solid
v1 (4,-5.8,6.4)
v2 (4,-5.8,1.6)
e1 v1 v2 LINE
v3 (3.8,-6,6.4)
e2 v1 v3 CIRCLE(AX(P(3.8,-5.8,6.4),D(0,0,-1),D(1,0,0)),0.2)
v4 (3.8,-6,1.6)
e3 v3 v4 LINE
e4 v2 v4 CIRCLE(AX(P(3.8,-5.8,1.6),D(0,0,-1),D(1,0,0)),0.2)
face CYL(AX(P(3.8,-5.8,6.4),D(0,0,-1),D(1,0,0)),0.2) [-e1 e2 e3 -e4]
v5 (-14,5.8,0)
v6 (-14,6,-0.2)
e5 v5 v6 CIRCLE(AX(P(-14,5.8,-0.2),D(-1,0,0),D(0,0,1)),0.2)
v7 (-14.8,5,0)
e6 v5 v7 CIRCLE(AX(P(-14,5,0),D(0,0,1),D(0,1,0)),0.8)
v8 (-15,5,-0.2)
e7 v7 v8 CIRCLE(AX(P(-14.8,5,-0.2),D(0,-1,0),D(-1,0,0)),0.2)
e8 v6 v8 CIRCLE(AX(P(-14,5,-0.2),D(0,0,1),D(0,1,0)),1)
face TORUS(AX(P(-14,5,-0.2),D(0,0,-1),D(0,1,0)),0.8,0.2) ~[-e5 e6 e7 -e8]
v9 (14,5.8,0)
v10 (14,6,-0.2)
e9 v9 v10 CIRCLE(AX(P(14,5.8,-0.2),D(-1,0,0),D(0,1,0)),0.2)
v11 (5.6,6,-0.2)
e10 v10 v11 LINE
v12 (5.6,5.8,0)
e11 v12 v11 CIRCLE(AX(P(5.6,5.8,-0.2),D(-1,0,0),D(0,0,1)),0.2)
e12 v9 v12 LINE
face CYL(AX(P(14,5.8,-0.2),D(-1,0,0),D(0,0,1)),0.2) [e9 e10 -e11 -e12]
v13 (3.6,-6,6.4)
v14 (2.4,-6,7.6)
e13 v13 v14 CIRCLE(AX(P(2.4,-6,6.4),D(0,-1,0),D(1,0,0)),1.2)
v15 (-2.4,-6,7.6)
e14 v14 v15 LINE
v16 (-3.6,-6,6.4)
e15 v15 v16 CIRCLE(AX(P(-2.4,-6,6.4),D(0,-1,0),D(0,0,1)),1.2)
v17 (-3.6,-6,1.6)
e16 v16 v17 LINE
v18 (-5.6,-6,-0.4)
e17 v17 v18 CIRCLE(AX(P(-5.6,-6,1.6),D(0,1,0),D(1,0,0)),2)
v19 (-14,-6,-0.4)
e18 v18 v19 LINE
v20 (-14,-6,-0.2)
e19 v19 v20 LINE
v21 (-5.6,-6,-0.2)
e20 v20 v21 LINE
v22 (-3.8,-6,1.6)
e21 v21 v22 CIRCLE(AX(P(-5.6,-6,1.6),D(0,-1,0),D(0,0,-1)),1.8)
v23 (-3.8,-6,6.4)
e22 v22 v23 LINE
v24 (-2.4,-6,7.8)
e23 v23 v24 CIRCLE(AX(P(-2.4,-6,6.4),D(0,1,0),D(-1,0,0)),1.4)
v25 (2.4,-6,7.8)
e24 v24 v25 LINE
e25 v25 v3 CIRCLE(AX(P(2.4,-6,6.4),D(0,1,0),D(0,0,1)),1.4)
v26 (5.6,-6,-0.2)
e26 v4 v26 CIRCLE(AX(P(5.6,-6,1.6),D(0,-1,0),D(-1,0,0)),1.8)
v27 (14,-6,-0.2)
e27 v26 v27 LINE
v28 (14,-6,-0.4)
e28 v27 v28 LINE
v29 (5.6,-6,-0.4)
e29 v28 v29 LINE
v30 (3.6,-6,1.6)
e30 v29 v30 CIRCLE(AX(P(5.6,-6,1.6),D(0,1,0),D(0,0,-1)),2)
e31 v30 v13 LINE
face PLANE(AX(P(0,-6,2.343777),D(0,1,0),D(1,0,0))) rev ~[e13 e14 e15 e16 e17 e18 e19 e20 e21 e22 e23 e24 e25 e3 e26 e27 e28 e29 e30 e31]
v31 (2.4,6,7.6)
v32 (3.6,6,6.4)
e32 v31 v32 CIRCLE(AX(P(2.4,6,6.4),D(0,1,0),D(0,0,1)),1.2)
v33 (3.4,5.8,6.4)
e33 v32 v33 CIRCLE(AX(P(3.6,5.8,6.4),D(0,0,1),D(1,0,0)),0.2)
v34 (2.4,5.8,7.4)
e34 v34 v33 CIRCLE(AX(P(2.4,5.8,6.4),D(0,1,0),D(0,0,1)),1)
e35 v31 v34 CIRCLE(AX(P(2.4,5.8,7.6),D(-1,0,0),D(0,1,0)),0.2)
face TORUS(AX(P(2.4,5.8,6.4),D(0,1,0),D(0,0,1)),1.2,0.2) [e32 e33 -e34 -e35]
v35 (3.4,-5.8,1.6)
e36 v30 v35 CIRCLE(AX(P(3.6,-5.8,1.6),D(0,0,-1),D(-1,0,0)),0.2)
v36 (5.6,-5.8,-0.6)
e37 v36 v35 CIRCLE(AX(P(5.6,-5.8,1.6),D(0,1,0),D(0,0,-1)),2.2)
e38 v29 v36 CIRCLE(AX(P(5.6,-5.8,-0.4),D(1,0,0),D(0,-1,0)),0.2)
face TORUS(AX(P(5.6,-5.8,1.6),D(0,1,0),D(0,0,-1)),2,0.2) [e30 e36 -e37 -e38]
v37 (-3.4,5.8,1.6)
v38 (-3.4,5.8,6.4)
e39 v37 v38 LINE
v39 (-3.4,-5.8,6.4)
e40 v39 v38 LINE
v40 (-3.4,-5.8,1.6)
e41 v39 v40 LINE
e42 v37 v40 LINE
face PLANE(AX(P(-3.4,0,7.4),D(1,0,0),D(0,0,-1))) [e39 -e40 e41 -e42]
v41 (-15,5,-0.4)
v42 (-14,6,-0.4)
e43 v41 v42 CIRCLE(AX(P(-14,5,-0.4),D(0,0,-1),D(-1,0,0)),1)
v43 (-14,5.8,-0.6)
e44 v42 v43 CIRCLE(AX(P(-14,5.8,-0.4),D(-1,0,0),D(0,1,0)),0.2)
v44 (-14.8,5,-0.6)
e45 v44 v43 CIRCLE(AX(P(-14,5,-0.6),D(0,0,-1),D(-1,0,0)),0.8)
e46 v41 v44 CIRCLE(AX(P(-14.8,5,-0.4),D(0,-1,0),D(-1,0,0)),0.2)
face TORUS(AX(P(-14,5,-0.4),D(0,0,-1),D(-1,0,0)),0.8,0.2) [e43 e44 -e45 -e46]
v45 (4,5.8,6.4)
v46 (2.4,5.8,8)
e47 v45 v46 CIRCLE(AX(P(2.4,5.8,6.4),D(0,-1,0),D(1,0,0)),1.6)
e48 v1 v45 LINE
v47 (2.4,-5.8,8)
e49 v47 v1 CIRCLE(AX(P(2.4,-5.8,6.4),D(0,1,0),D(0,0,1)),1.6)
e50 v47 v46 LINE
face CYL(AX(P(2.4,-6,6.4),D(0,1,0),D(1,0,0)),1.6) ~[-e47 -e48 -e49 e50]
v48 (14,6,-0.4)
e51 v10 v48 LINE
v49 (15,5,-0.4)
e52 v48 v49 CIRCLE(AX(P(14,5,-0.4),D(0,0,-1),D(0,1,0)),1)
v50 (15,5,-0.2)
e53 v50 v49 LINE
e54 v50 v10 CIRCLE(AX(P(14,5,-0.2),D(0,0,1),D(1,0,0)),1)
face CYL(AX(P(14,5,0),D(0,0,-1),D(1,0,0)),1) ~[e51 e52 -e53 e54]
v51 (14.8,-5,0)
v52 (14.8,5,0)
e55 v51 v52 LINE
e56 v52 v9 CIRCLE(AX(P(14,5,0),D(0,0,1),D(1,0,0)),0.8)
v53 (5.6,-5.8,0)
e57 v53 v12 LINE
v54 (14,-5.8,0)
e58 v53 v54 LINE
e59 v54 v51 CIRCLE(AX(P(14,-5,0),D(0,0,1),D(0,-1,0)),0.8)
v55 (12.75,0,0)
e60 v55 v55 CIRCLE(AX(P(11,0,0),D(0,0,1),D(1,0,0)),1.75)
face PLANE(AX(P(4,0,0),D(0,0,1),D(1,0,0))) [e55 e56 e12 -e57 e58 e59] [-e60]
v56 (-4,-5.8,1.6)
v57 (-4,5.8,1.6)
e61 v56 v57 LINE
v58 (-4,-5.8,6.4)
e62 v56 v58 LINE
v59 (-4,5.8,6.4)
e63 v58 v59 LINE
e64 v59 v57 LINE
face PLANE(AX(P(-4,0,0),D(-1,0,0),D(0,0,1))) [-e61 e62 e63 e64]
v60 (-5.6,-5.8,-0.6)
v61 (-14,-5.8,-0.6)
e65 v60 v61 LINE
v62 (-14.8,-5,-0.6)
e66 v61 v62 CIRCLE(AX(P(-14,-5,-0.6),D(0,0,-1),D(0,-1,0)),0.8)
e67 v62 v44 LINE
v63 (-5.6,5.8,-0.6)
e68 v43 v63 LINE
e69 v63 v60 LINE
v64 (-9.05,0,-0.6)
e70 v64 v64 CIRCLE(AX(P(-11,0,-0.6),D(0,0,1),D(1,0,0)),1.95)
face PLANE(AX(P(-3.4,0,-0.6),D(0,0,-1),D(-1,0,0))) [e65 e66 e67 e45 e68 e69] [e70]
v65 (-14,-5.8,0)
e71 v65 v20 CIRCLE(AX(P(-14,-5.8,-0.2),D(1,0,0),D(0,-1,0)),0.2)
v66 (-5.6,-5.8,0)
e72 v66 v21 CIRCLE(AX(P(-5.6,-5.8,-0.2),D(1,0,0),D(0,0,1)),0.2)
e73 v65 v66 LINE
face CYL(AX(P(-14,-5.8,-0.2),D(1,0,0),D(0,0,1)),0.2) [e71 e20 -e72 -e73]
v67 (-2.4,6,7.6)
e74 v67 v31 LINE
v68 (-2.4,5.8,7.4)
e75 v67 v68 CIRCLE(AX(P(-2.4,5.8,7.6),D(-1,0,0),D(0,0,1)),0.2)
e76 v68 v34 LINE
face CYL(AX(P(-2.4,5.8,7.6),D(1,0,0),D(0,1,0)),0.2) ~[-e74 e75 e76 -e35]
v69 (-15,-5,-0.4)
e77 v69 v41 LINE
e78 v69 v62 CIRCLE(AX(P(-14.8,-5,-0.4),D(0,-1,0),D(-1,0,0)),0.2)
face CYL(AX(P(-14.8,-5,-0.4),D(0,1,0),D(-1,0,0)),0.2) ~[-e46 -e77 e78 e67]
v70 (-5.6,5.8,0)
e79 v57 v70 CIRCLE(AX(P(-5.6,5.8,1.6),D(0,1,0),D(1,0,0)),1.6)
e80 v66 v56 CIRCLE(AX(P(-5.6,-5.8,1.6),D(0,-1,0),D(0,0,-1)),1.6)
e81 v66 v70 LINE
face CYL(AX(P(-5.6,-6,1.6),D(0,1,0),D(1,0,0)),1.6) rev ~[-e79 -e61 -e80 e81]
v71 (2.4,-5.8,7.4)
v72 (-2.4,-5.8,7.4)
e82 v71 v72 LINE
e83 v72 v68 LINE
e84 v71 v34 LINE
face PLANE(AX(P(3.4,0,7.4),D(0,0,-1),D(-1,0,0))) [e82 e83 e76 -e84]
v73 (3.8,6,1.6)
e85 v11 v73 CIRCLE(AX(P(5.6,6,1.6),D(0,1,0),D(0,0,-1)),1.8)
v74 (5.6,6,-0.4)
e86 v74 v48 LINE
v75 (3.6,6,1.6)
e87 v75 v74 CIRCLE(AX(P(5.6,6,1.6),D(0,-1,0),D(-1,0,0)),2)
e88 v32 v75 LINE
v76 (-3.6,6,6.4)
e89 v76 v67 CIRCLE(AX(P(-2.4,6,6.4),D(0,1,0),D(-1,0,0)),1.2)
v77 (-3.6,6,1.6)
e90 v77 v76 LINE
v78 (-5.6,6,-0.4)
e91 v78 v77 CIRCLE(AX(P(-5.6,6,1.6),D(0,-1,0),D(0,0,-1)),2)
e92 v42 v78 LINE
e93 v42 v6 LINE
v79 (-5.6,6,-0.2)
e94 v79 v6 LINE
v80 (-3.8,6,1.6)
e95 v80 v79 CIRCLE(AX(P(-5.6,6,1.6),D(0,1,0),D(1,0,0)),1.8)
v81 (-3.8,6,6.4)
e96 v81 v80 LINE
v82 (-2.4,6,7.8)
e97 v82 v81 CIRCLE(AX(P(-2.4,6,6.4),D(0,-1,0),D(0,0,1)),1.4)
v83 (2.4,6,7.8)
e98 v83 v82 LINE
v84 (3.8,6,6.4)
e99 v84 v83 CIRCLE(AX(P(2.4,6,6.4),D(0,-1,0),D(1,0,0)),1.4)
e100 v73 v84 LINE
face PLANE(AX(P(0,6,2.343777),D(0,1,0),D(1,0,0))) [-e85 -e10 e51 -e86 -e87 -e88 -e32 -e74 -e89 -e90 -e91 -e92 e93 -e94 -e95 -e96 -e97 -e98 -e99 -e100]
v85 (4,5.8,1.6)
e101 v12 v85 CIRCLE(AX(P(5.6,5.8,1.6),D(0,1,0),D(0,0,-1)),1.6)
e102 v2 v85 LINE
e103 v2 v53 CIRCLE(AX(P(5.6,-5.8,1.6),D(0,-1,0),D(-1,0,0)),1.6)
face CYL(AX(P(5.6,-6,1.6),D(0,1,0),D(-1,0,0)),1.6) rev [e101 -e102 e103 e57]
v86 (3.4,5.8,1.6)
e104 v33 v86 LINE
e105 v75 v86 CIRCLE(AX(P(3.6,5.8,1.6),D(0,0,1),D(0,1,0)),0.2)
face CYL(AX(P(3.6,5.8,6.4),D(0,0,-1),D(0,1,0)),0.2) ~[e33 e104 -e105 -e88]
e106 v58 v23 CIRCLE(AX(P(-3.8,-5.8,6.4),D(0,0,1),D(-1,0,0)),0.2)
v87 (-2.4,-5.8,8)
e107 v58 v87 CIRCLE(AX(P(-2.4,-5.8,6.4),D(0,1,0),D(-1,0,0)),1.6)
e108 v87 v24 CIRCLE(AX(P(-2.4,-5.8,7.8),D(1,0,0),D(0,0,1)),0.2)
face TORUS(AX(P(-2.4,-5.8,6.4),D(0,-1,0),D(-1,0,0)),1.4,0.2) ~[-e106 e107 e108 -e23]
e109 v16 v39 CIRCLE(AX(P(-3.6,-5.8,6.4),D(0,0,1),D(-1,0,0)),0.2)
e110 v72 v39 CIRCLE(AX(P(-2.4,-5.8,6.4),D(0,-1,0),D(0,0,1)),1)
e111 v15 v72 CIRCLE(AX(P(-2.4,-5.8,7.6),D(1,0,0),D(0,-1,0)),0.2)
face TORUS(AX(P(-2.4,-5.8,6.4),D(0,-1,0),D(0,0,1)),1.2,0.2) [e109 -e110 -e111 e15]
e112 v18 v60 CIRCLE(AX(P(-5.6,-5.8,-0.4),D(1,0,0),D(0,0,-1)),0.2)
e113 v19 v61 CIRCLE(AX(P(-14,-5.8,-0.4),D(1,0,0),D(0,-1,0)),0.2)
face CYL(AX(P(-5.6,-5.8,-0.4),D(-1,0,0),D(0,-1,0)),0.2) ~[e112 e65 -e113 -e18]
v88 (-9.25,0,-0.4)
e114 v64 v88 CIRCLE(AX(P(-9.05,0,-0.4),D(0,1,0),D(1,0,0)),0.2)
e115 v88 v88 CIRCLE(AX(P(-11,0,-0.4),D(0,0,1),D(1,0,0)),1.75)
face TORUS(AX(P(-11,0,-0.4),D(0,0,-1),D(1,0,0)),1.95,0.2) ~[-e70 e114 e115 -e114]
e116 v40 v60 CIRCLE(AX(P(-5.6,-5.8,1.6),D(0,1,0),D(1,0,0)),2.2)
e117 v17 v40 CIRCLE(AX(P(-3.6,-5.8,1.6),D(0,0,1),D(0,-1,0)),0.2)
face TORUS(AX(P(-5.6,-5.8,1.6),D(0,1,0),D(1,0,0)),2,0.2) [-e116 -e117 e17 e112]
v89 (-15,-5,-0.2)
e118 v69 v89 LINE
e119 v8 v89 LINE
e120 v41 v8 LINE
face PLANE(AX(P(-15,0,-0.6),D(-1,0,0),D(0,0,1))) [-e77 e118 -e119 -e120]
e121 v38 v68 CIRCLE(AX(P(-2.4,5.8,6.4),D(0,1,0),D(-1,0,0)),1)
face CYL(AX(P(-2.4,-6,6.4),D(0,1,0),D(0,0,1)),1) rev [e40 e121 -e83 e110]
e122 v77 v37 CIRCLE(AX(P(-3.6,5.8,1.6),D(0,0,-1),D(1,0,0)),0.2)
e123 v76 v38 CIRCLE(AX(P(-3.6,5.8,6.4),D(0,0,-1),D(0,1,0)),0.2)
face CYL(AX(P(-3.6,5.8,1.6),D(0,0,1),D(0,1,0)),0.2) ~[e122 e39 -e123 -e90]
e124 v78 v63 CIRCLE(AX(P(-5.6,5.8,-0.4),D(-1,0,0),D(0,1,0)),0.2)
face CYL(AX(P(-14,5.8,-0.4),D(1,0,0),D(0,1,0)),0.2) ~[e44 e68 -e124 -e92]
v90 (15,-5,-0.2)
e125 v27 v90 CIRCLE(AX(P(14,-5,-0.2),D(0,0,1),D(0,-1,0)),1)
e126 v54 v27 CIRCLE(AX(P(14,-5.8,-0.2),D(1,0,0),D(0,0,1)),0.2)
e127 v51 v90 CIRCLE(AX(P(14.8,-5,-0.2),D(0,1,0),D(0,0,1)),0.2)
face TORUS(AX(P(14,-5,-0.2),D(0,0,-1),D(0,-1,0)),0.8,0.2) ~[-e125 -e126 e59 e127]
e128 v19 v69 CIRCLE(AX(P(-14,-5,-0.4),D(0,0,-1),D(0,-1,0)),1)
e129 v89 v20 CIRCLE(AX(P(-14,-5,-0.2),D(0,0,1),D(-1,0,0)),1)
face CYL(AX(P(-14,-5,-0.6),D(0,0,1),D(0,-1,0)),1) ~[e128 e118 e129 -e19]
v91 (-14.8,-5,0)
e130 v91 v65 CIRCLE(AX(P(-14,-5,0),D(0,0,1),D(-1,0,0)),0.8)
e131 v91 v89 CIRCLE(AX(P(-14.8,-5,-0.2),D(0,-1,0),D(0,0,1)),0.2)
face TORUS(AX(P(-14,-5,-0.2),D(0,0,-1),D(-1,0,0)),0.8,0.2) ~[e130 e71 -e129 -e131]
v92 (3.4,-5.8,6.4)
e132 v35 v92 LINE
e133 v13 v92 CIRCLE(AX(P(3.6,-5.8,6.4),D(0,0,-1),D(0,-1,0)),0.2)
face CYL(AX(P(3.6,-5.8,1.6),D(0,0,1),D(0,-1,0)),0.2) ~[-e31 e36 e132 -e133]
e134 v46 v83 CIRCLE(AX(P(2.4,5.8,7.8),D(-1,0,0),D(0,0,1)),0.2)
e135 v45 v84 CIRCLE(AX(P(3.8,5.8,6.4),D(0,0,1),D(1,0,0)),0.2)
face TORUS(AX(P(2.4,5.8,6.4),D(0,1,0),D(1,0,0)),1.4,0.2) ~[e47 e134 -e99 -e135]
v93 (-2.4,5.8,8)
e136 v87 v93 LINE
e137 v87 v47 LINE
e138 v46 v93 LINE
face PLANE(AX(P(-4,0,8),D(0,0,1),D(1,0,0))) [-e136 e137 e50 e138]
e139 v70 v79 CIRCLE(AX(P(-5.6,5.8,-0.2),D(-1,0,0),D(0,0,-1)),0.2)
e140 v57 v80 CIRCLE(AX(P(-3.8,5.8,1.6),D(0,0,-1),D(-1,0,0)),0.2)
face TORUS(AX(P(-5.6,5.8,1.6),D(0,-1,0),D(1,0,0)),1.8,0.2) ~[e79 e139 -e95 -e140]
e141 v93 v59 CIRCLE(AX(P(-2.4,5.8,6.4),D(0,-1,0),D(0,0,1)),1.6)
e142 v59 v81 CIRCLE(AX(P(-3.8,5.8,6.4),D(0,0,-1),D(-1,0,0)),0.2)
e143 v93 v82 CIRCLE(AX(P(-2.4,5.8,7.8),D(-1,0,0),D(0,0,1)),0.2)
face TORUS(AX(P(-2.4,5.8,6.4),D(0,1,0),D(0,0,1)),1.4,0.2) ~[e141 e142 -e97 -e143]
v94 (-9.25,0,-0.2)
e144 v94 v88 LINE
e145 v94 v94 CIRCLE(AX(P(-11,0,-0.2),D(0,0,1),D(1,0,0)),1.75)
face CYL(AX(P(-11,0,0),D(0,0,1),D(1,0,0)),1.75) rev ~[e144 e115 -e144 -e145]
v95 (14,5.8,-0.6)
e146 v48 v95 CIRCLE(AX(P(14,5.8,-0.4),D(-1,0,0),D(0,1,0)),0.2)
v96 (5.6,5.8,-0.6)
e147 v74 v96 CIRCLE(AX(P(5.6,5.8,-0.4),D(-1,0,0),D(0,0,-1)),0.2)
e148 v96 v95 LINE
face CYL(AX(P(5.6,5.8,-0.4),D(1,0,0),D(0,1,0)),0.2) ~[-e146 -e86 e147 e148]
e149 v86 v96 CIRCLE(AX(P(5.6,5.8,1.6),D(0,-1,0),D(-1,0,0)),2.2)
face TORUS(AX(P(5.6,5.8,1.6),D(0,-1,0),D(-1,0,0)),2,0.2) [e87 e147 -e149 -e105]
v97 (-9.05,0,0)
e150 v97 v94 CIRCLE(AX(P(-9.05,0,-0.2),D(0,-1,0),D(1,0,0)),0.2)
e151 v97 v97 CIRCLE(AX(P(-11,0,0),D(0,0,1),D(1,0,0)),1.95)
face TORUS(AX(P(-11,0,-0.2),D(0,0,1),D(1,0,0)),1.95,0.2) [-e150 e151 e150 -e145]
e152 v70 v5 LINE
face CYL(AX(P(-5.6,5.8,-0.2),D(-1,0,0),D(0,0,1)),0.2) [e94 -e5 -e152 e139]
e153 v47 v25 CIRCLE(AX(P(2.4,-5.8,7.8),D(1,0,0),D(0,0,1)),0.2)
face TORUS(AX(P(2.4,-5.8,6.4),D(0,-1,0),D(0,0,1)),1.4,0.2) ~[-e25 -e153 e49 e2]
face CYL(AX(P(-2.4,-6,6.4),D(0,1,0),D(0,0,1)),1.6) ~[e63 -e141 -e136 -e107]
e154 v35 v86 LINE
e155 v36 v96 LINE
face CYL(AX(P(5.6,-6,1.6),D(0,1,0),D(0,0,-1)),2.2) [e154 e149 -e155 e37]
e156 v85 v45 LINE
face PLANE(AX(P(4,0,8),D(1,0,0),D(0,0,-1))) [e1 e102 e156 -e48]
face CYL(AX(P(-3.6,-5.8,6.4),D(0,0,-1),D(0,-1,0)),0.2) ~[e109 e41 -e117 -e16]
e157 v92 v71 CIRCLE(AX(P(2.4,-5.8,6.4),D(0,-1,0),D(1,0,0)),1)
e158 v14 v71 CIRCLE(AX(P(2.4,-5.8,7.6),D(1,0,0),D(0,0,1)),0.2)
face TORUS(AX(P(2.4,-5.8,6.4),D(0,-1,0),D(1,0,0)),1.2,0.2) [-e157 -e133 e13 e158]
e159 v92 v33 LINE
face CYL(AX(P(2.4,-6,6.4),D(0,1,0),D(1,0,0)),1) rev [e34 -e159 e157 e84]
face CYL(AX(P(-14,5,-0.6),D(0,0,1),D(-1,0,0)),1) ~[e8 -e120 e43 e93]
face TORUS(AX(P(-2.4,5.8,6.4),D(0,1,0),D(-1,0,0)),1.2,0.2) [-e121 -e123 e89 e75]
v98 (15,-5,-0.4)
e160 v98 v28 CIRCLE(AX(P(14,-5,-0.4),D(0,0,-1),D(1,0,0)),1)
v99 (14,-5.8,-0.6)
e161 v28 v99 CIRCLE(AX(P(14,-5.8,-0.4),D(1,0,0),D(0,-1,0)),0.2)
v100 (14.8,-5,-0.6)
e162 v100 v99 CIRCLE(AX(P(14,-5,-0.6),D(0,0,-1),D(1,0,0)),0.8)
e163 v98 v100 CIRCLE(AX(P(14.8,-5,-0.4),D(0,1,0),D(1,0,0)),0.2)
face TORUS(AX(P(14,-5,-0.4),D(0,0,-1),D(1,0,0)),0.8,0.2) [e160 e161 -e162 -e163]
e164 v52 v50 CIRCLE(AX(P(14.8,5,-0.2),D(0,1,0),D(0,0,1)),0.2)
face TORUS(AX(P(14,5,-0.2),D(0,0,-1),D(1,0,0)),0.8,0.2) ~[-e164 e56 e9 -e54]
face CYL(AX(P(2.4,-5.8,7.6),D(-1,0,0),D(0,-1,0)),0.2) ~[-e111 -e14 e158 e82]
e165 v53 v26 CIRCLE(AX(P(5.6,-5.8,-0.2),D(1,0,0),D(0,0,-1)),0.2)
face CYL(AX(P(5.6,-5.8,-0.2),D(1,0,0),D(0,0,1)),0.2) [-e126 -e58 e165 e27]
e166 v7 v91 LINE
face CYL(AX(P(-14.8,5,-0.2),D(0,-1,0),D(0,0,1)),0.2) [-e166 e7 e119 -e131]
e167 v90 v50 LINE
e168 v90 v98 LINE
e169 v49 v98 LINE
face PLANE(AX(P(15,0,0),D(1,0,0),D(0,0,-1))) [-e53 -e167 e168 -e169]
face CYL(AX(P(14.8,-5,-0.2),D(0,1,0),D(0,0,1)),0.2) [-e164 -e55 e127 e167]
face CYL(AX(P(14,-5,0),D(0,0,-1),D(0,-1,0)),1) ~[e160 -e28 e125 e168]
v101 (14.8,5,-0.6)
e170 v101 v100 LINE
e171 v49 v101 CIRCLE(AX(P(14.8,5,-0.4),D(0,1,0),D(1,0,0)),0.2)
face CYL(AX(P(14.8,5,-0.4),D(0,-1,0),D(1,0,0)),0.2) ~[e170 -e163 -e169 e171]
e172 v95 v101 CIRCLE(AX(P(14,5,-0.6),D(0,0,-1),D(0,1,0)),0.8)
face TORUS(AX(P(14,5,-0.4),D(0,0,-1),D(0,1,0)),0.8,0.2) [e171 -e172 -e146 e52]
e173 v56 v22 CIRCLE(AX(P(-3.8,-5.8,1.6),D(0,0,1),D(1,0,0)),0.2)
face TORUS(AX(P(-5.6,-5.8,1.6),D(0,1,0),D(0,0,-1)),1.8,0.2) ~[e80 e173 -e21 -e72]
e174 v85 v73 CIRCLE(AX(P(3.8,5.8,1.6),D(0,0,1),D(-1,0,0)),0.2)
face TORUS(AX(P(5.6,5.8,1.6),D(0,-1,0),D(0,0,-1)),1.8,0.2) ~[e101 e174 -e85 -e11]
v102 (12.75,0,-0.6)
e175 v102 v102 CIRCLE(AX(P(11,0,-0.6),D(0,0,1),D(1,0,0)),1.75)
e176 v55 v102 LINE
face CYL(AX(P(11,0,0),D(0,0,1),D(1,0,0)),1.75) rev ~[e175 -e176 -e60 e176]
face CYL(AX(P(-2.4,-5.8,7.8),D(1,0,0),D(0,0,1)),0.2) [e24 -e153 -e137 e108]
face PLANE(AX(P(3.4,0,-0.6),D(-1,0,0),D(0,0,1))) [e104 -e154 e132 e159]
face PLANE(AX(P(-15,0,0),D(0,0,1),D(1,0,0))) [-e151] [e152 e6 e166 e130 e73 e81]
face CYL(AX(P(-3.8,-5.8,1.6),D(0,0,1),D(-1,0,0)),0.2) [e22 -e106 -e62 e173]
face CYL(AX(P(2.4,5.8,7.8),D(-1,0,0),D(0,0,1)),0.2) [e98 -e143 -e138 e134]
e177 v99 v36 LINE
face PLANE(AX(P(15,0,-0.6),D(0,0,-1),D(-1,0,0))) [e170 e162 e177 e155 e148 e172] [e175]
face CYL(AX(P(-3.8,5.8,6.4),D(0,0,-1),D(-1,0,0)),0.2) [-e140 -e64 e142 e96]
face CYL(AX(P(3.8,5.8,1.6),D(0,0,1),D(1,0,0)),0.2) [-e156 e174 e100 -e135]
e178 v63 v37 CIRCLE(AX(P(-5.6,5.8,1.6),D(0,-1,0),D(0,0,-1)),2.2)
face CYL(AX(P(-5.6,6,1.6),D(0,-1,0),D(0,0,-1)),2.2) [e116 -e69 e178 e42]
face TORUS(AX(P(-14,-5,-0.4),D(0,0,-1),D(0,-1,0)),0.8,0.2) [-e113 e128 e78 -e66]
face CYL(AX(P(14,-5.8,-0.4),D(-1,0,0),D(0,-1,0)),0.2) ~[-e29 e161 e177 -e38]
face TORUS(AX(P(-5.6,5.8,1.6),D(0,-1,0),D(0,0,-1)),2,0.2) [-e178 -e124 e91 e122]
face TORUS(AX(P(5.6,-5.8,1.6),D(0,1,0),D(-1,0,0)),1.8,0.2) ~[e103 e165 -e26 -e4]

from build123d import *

# Parameters (mm, degrees)
EXTRUDE_1_DEPTH     = 6
SKETCH_2_R          = 1.75
CUT_EXTRUDE_1_DEPTH = 0.6
FILLET_1_R          = 1
FILLET_2_R          = 1.6
FILLET_3_R          = 1.6
FILLET_4_R          = 2.2
FILLET_5_R          = 1
FILLET_6_R          = 0.2


with BuildPart() as part:
    # 草图1 → 凸台-拉伸1 (new, symmetric)
    with BuildSketch(Plane(origin=(0, 0, 0), x_dir=(1, 0, 0), z_dir=(0, 1, 0))):
        Polygon((-15, 0), (-4, 0), (-4, -8), (4, -8), (4, 0), (15, 0), (15, 0.6), (3.4, 0.6), (3.4, -7.4), (-3.4, -7.4), (-3.4, 0.6), (-15, 0.6), align=None)
    extrude(amount=EXTRUDE_1_DEPTH, both=True)

    # 草图2 → 切除-拉伸1 (cut)
    with BuildSketch(Plane.XY):
        with Locations((-11, 0)):
            Circle(SKETCH_2_R)
        with Locations((11, 0)):
            Circle(SKETCH_2_R)
    extrude(amount=-CUT_EXTRUDE_1_DEPTH, mode=Mode.SUBTRACT)

    # 圆角1
    fillet_1_edges = [part.edges().sort_by_distance(p)[0] for p in [
        (-3.4, 0, 7.4),
        (3.4, 0, 7.4),
    ]]
    fillet(fillet_1_edges, radius=FILLET_1_R)

    # 圆角2
    fillet_2_edges = [part.edges().sort_by_distance(p)[0] for p in [
        (4, 0, 8),
        (-4, 0, 8),
    ]]
    fillet(fillet_2_edges, radius=FILLET_2_R)

    # 圆角3
    fillet_3_edges = [part.edges().sort_by_distance(p)[0] for p in [
        (4, 0, 0),
        (-4, 0, 0),
    ]]
    fillet(fillet_3_edges, radius=FILLET_3_R)

    # 圆角4
    fillet_4_edges = [part.edges().sort_by_distance(p)[0] for p in [
        (-3.4, 0, -0.6),
        (3.4, 0, -0.6),
    ]]
    fillet(fillet_4_edges, radius=FILLET_4_R)

    # 圆角5
    fillet_5_edges = [part.edges().sort_by_distance(p)[0] for p in [
        (15, -6, -0.3),
        (-15, -6, -0.3),
        (15, 6, -0.3),
        (-15, 6, -0.3),
    ]]
    fillet(fillet_5_edges, radius=FILLET_5_R)

    # 圆角6
    fillet_6_edges = [part.edges().sort_by_distance(p)[0] for p in [
        (9.8, -6, -0.6),
        (15, 0, -0.6),
        (15, 0, 0),
        (14.707106781, 5.707106781, -0.6),
        (14.707106781, -5.707106781, -0.6),
        (14.707106781, 5.707106781, 0),
        (14.707106781, -5.707106781, 0),
        (-12.75, 0, 0),
        (-12.75, 0, -0.6),
        (0, -6, 7.4),
        (0, 6, 7.4),
        (-3.4, -6, 4),
        (-3.4, 6, 4),
        (3.107106781, -6, 7.107106781),
        (3.107106781, 6, 7.107106781),
        (-3.107106781, -6, 7.107106781),
        (-3.107106781, 6, 7.107106781),
        (4, -6, 4),
        (4, 6, 4),
        (0, -6, 8),
        (-3.53137085, -6, 7.53137085),
        (3.53137085, -6, 7.53137085),
        (0, 6, 8),
        (-3.53137085, 6, 7.53137085),
        (3.53137085, 6, 7.53137085),
        (9.8, -6, 0),
        (9.8, 6, 0),
        (-4, -6, 4),
        (-4, 6, 4),
        (4.46862915, -6, 0.46862915),
        (4.46862915, 6, 0.46862915),
        (-4.46862915, -6, 0.46862915),
        (-4.46862915, 6, 0.46862915),
        (3.4, -6, 4),
        (3.4, 6, 4),
        (-9.8, -6, -0.6),
        (-4.044365081, -6, 0.044365081),
        (4.044365081, -6, 0.044365081),
        (-9.8, 6, -0.6),
        (-4.044365081, 6, 0.044365081),
        (4.044365081, 6, 0.044365081),
        (9.8, 6, -0.6),
        (-9.8, 6, 0),
        (-9.8, -6, 0),
        (-15, 0, 0),
        (-14.707106781, -5.707106781, 0),
        (-14.707106781, 5.707106781, 0),
        (-15, 0, -0.6),
        (-14.707106781, -5.707106781, -0.6),
        (-14.707106781, 5.707106781, -0.6),
    ]]
    fillet(fillet_6_edges, radius=FILLET_6_R)


solid = part.part
